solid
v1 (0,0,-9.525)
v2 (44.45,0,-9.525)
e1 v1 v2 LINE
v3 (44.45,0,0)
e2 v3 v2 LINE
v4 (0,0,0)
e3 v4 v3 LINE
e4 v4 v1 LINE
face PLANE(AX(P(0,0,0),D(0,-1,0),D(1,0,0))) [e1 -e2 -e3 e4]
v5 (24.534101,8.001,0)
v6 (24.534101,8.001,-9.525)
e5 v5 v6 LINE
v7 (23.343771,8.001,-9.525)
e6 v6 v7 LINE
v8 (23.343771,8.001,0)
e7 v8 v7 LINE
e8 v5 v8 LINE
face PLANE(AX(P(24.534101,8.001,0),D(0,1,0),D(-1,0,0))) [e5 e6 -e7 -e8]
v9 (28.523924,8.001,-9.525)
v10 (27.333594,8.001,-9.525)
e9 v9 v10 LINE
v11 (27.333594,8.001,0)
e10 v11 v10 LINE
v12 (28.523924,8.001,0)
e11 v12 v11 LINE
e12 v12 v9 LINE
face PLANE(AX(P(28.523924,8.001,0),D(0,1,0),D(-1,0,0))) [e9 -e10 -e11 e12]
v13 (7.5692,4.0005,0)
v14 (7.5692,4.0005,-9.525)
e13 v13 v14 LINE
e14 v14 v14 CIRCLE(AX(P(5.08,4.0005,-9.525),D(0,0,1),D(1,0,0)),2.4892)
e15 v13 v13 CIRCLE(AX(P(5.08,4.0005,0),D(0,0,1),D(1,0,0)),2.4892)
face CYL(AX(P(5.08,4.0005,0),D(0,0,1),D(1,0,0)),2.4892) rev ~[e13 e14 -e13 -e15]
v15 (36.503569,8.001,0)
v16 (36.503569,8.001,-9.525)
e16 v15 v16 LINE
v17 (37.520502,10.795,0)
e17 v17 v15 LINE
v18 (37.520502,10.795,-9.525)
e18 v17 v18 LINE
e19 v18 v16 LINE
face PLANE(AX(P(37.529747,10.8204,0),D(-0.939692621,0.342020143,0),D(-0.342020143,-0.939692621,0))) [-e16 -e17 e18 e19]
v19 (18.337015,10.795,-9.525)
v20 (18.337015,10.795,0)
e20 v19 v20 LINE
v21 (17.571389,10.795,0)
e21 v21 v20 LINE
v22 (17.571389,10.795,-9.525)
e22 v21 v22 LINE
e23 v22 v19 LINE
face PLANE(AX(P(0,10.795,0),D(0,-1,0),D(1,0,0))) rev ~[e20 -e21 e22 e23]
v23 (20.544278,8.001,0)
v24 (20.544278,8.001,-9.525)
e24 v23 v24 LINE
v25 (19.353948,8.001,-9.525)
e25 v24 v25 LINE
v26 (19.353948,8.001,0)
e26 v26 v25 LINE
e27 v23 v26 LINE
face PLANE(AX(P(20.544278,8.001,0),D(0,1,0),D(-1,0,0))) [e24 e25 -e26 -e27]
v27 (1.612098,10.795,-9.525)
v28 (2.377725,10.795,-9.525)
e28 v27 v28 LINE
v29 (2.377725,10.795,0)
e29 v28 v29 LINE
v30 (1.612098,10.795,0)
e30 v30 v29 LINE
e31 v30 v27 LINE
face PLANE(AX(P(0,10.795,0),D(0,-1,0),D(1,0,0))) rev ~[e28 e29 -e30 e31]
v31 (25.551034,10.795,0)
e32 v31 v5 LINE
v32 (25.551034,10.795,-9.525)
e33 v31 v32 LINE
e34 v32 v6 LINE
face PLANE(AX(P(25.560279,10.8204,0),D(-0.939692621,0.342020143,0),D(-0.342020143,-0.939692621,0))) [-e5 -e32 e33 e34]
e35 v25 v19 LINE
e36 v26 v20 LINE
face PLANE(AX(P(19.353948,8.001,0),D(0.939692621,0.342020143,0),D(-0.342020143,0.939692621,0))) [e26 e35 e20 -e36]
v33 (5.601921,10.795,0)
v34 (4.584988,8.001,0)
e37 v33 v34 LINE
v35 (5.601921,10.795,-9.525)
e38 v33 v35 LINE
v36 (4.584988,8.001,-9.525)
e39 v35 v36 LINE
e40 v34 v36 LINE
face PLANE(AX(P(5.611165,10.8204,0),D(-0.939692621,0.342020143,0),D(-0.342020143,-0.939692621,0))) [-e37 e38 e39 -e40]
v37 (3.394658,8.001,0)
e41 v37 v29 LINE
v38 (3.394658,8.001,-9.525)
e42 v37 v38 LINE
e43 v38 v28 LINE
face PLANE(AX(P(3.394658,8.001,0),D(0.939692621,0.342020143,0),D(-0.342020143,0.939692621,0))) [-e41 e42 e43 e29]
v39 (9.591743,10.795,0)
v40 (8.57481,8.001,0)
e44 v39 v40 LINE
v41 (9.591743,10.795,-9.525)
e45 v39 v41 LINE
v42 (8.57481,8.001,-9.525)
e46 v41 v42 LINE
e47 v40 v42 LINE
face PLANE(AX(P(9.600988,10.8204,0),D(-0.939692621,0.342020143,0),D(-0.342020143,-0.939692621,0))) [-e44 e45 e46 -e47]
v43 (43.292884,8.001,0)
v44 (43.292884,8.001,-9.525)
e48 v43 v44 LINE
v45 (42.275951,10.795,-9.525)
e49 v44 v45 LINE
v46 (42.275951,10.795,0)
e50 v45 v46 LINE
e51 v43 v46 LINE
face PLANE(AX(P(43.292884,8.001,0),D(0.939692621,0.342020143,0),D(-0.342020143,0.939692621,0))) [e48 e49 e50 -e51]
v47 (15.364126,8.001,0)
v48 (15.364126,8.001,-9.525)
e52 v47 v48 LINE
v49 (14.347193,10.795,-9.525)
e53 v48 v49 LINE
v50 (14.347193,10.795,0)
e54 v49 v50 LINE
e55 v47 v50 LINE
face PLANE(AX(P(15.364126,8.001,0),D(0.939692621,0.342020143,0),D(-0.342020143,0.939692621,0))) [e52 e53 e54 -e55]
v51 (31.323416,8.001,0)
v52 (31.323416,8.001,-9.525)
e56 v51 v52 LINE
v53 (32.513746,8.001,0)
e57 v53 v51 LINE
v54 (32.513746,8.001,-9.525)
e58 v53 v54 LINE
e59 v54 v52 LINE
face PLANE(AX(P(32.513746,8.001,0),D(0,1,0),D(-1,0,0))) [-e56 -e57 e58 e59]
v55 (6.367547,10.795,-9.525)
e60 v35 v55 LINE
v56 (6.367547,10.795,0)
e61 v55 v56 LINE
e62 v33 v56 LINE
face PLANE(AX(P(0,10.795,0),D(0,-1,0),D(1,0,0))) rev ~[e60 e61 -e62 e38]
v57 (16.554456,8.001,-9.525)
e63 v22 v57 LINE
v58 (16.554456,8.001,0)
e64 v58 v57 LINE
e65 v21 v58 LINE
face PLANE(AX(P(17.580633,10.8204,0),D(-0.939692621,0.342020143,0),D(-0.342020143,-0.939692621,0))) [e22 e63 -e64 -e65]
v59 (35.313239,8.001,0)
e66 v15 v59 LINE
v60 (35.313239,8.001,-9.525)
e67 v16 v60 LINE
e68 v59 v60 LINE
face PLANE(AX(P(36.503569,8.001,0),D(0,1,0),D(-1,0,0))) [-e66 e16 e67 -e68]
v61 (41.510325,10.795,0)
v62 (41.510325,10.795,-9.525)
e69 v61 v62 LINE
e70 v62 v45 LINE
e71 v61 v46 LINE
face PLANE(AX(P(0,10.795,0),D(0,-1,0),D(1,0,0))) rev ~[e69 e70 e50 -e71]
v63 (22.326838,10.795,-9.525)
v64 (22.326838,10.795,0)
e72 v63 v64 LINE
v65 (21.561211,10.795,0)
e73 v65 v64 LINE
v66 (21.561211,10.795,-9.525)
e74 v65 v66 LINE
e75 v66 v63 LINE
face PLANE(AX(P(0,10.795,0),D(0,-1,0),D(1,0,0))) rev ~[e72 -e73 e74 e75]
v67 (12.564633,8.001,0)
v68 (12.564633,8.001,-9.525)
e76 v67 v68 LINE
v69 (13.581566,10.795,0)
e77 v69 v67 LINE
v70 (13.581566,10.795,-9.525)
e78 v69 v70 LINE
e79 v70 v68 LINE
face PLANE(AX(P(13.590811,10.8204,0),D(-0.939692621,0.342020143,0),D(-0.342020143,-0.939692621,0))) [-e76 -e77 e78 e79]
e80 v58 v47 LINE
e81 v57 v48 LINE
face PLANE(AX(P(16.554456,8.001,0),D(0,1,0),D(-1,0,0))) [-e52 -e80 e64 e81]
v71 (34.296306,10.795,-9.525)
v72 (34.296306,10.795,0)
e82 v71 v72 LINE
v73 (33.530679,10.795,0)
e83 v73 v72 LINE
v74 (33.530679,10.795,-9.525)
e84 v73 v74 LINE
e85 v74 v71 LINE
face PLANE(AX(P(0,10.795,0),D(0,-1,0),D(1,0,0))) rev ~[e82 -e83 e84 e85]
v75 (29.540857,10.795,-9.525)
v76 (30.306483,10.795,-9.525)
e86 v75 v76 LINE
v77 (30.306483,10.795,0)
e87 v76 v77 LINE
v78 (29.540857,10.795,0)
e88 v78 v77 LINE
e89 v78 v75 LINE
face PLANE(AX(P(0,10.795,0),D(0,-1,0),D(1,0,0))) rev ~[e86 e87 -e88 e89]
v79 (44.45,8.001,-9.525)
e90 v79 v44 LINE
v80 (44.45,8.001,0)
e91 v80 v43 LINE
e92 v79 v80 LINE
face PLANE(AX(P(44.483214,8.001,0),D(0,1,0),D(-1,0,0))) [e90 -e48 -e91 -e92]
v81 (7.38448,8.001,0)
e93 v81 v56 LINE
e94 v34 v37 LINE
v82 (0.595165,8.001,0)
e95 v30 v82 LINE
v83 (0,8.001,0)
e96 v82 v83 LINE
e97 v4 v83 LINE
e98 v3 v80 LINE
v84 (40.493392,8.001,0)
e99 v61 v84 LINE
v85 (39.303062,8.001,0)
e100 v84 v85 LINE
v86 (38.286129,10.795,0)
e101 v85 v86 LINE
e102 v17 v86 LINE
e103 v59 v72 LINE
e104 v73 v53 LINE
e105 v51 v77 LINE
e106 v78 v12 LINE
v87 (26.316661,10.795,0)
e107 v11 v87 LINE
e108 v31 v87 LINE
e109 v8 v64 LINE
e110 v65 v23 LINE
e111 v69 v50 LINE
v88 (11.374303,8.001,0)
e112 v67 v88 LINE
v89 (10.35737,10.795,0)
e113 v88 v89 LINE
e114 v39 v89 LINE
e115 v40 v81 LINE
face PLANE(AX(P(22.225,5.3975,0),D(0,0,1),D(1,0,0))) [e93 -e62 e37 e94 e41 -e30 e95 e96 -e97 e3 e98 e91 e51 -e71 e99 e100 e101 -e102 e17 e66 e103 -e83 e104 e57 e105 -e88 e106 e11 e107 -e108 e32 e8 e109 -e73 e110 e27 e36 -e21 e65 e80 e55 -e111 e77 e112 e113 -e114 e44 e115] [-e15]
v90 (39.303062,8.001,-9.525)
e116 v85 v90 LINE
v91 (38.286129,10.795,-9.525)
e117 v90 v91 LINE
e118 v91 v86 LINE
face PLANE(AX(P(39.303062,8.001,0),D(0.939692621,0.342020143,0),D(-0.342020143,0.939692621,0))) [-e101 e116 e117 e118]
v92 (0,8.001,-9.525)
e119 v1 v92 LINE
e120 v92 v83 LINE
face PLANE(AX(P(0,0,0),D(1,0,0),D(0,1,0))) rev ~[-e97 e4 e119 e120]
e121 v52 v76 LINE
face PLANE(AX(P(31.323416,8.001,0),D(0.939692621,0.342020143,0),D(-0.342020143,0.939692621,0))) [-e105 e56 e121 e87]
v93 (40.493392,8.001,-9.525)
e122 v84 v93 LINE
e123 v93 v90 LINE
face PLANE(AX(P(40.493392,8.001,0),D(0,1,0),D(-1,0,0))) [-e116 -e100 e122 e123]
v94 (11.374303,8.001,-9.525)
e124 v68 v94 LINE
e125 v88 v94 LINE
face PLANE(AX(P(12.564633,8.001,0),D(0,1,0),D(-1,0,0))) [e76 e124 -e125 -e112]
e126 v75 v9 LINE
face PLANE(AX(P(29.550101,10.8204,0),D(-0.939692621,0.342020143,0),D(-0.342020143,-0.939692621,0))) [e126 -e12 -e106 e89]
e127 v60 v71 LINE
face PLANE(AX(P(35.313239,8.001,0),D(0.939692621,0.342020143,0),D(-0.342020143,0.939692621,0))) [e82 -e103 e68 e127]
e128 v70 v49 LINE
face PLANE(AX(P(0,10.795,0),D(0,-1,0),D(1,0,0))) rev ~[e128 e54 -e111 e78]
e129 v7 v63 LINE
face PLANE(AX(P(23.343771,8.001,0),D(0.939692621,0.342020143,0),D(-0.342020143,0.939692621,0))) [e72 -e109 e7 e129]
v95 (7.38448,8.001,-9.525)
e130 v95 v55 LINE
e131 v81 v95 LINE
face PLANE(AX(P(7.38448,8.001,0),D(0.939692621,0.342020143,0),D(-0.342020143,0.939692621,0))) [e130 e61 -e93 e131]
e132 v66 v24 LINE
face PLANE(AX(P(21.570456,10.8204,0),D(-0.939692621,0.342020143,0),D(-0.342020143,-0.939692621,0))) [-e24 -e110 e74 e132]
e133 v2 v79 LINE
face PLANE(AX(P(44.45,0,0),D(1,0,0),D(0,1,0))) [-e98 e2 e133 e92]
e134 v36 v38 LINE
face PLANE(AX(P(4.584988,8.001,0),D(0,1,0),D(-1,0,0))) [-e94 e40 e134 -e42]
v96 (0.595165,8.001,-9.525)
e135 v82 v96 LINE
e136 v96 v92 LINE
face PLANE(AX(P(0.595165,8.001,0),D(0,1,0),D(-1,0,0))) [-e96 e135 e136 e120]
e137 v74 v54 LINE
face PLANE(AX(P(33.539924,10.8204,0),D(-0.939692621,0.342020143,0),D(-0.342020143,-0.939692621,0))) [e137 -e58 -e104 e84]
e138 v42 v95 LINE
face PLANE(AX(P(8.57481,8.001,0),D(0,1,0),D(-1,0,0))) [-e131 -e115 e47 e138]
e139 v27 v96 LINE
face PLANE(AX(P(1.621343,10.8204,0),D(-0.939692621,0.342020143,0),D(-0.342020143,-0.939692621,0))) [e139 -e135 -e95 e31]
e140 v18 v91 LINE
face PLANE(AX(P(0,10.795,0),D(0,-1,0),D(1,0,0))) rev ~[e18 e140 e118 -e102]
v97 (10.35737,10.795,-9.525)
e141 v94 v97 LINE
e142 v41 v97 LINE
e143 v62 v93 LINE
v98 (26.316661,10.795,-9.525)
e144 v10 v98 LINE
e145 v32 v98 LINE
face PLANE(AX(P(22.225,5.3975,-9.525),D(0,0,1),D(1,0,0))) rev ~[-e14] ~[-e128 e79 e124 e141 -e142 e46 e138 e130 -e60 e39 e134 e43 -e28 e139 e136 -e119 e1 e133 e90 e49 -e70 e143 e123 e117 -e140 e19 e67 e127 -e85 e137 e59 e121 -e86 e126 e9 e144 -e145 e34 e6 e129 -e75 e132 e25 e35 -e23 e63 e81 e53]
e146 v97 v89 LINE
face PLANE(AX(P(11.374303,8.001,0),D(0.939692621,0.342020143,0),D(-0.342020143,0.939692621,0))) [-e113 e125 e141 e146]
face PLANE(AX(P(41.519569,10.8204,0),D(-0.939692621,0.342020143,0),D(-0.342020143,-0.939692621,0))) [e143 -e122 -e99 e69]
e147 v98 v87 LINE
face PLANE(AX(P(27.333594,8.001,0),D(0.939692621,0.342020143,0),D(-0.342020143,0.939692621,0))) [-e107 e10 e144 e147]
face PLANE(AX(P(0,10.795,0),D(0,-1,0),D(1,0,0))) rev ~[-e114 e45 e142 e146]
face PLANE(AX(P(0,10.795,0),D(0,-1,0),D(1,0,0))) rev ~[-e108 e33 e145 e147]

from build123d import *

# Parameters (mm, degrees)
BLANKSKE_W         = 44.45
BLANKSKE_H         = 10.795
BLANK_DEPTH        = 9.525
TOOTHCUTSIM_DEPTH  = 47.723229233
TEETHCUTS_COUNT    = 12
TEETHCUTS_PITCH    = 3.989822666
SKETCH1_R          = 2.4892
CUT_EXTRUDE1_DEPTH = 14.478


with BuildPart() as part:
    # BlankSke → Blank (new body)
    with BuildSketch(Plane.XY):
        with Locations((22.225, 5.3975)):
            Rectangle(BLANKSKE_W, BLANKSKE_H)
    extrude(amount=-BLANK_DEPTH)

    # TooCutSkeSim → ToothCutSim (cut, through all)
    with BuildSketch(Plane.XY):
        Polygon((0.595165029, 8.001), (-0.595165029, 8.001), (-1.621342708, 10.8204), (1.621342708, 10.8204), align=None)
    toothcutsim = extrude(amount=-TOOTHCUTSIM_DEPTH, mode=Mode.SUBTRACT)

    # TeethCuts: ToothCutSim ×12
    with Locations(*[(i * TEETHCUTS_PITCH, 0, 0) for i in range(1, TEETHCUTS_COUNT)]):
        add(toothcutsim, mode=Mode.SUBTRACT)

    # Sketch1 → Cut-Extrude1 (cut)
    with BuildSketch(Plane.XY):
        with Locations((5.08, 4.0005)):
            Circle(SKETCH1_R)
    extrude(amount=-CUT_EXTRUDE1_DEPTH, mode=Mode.SUBTRACT)


solid = part.part
